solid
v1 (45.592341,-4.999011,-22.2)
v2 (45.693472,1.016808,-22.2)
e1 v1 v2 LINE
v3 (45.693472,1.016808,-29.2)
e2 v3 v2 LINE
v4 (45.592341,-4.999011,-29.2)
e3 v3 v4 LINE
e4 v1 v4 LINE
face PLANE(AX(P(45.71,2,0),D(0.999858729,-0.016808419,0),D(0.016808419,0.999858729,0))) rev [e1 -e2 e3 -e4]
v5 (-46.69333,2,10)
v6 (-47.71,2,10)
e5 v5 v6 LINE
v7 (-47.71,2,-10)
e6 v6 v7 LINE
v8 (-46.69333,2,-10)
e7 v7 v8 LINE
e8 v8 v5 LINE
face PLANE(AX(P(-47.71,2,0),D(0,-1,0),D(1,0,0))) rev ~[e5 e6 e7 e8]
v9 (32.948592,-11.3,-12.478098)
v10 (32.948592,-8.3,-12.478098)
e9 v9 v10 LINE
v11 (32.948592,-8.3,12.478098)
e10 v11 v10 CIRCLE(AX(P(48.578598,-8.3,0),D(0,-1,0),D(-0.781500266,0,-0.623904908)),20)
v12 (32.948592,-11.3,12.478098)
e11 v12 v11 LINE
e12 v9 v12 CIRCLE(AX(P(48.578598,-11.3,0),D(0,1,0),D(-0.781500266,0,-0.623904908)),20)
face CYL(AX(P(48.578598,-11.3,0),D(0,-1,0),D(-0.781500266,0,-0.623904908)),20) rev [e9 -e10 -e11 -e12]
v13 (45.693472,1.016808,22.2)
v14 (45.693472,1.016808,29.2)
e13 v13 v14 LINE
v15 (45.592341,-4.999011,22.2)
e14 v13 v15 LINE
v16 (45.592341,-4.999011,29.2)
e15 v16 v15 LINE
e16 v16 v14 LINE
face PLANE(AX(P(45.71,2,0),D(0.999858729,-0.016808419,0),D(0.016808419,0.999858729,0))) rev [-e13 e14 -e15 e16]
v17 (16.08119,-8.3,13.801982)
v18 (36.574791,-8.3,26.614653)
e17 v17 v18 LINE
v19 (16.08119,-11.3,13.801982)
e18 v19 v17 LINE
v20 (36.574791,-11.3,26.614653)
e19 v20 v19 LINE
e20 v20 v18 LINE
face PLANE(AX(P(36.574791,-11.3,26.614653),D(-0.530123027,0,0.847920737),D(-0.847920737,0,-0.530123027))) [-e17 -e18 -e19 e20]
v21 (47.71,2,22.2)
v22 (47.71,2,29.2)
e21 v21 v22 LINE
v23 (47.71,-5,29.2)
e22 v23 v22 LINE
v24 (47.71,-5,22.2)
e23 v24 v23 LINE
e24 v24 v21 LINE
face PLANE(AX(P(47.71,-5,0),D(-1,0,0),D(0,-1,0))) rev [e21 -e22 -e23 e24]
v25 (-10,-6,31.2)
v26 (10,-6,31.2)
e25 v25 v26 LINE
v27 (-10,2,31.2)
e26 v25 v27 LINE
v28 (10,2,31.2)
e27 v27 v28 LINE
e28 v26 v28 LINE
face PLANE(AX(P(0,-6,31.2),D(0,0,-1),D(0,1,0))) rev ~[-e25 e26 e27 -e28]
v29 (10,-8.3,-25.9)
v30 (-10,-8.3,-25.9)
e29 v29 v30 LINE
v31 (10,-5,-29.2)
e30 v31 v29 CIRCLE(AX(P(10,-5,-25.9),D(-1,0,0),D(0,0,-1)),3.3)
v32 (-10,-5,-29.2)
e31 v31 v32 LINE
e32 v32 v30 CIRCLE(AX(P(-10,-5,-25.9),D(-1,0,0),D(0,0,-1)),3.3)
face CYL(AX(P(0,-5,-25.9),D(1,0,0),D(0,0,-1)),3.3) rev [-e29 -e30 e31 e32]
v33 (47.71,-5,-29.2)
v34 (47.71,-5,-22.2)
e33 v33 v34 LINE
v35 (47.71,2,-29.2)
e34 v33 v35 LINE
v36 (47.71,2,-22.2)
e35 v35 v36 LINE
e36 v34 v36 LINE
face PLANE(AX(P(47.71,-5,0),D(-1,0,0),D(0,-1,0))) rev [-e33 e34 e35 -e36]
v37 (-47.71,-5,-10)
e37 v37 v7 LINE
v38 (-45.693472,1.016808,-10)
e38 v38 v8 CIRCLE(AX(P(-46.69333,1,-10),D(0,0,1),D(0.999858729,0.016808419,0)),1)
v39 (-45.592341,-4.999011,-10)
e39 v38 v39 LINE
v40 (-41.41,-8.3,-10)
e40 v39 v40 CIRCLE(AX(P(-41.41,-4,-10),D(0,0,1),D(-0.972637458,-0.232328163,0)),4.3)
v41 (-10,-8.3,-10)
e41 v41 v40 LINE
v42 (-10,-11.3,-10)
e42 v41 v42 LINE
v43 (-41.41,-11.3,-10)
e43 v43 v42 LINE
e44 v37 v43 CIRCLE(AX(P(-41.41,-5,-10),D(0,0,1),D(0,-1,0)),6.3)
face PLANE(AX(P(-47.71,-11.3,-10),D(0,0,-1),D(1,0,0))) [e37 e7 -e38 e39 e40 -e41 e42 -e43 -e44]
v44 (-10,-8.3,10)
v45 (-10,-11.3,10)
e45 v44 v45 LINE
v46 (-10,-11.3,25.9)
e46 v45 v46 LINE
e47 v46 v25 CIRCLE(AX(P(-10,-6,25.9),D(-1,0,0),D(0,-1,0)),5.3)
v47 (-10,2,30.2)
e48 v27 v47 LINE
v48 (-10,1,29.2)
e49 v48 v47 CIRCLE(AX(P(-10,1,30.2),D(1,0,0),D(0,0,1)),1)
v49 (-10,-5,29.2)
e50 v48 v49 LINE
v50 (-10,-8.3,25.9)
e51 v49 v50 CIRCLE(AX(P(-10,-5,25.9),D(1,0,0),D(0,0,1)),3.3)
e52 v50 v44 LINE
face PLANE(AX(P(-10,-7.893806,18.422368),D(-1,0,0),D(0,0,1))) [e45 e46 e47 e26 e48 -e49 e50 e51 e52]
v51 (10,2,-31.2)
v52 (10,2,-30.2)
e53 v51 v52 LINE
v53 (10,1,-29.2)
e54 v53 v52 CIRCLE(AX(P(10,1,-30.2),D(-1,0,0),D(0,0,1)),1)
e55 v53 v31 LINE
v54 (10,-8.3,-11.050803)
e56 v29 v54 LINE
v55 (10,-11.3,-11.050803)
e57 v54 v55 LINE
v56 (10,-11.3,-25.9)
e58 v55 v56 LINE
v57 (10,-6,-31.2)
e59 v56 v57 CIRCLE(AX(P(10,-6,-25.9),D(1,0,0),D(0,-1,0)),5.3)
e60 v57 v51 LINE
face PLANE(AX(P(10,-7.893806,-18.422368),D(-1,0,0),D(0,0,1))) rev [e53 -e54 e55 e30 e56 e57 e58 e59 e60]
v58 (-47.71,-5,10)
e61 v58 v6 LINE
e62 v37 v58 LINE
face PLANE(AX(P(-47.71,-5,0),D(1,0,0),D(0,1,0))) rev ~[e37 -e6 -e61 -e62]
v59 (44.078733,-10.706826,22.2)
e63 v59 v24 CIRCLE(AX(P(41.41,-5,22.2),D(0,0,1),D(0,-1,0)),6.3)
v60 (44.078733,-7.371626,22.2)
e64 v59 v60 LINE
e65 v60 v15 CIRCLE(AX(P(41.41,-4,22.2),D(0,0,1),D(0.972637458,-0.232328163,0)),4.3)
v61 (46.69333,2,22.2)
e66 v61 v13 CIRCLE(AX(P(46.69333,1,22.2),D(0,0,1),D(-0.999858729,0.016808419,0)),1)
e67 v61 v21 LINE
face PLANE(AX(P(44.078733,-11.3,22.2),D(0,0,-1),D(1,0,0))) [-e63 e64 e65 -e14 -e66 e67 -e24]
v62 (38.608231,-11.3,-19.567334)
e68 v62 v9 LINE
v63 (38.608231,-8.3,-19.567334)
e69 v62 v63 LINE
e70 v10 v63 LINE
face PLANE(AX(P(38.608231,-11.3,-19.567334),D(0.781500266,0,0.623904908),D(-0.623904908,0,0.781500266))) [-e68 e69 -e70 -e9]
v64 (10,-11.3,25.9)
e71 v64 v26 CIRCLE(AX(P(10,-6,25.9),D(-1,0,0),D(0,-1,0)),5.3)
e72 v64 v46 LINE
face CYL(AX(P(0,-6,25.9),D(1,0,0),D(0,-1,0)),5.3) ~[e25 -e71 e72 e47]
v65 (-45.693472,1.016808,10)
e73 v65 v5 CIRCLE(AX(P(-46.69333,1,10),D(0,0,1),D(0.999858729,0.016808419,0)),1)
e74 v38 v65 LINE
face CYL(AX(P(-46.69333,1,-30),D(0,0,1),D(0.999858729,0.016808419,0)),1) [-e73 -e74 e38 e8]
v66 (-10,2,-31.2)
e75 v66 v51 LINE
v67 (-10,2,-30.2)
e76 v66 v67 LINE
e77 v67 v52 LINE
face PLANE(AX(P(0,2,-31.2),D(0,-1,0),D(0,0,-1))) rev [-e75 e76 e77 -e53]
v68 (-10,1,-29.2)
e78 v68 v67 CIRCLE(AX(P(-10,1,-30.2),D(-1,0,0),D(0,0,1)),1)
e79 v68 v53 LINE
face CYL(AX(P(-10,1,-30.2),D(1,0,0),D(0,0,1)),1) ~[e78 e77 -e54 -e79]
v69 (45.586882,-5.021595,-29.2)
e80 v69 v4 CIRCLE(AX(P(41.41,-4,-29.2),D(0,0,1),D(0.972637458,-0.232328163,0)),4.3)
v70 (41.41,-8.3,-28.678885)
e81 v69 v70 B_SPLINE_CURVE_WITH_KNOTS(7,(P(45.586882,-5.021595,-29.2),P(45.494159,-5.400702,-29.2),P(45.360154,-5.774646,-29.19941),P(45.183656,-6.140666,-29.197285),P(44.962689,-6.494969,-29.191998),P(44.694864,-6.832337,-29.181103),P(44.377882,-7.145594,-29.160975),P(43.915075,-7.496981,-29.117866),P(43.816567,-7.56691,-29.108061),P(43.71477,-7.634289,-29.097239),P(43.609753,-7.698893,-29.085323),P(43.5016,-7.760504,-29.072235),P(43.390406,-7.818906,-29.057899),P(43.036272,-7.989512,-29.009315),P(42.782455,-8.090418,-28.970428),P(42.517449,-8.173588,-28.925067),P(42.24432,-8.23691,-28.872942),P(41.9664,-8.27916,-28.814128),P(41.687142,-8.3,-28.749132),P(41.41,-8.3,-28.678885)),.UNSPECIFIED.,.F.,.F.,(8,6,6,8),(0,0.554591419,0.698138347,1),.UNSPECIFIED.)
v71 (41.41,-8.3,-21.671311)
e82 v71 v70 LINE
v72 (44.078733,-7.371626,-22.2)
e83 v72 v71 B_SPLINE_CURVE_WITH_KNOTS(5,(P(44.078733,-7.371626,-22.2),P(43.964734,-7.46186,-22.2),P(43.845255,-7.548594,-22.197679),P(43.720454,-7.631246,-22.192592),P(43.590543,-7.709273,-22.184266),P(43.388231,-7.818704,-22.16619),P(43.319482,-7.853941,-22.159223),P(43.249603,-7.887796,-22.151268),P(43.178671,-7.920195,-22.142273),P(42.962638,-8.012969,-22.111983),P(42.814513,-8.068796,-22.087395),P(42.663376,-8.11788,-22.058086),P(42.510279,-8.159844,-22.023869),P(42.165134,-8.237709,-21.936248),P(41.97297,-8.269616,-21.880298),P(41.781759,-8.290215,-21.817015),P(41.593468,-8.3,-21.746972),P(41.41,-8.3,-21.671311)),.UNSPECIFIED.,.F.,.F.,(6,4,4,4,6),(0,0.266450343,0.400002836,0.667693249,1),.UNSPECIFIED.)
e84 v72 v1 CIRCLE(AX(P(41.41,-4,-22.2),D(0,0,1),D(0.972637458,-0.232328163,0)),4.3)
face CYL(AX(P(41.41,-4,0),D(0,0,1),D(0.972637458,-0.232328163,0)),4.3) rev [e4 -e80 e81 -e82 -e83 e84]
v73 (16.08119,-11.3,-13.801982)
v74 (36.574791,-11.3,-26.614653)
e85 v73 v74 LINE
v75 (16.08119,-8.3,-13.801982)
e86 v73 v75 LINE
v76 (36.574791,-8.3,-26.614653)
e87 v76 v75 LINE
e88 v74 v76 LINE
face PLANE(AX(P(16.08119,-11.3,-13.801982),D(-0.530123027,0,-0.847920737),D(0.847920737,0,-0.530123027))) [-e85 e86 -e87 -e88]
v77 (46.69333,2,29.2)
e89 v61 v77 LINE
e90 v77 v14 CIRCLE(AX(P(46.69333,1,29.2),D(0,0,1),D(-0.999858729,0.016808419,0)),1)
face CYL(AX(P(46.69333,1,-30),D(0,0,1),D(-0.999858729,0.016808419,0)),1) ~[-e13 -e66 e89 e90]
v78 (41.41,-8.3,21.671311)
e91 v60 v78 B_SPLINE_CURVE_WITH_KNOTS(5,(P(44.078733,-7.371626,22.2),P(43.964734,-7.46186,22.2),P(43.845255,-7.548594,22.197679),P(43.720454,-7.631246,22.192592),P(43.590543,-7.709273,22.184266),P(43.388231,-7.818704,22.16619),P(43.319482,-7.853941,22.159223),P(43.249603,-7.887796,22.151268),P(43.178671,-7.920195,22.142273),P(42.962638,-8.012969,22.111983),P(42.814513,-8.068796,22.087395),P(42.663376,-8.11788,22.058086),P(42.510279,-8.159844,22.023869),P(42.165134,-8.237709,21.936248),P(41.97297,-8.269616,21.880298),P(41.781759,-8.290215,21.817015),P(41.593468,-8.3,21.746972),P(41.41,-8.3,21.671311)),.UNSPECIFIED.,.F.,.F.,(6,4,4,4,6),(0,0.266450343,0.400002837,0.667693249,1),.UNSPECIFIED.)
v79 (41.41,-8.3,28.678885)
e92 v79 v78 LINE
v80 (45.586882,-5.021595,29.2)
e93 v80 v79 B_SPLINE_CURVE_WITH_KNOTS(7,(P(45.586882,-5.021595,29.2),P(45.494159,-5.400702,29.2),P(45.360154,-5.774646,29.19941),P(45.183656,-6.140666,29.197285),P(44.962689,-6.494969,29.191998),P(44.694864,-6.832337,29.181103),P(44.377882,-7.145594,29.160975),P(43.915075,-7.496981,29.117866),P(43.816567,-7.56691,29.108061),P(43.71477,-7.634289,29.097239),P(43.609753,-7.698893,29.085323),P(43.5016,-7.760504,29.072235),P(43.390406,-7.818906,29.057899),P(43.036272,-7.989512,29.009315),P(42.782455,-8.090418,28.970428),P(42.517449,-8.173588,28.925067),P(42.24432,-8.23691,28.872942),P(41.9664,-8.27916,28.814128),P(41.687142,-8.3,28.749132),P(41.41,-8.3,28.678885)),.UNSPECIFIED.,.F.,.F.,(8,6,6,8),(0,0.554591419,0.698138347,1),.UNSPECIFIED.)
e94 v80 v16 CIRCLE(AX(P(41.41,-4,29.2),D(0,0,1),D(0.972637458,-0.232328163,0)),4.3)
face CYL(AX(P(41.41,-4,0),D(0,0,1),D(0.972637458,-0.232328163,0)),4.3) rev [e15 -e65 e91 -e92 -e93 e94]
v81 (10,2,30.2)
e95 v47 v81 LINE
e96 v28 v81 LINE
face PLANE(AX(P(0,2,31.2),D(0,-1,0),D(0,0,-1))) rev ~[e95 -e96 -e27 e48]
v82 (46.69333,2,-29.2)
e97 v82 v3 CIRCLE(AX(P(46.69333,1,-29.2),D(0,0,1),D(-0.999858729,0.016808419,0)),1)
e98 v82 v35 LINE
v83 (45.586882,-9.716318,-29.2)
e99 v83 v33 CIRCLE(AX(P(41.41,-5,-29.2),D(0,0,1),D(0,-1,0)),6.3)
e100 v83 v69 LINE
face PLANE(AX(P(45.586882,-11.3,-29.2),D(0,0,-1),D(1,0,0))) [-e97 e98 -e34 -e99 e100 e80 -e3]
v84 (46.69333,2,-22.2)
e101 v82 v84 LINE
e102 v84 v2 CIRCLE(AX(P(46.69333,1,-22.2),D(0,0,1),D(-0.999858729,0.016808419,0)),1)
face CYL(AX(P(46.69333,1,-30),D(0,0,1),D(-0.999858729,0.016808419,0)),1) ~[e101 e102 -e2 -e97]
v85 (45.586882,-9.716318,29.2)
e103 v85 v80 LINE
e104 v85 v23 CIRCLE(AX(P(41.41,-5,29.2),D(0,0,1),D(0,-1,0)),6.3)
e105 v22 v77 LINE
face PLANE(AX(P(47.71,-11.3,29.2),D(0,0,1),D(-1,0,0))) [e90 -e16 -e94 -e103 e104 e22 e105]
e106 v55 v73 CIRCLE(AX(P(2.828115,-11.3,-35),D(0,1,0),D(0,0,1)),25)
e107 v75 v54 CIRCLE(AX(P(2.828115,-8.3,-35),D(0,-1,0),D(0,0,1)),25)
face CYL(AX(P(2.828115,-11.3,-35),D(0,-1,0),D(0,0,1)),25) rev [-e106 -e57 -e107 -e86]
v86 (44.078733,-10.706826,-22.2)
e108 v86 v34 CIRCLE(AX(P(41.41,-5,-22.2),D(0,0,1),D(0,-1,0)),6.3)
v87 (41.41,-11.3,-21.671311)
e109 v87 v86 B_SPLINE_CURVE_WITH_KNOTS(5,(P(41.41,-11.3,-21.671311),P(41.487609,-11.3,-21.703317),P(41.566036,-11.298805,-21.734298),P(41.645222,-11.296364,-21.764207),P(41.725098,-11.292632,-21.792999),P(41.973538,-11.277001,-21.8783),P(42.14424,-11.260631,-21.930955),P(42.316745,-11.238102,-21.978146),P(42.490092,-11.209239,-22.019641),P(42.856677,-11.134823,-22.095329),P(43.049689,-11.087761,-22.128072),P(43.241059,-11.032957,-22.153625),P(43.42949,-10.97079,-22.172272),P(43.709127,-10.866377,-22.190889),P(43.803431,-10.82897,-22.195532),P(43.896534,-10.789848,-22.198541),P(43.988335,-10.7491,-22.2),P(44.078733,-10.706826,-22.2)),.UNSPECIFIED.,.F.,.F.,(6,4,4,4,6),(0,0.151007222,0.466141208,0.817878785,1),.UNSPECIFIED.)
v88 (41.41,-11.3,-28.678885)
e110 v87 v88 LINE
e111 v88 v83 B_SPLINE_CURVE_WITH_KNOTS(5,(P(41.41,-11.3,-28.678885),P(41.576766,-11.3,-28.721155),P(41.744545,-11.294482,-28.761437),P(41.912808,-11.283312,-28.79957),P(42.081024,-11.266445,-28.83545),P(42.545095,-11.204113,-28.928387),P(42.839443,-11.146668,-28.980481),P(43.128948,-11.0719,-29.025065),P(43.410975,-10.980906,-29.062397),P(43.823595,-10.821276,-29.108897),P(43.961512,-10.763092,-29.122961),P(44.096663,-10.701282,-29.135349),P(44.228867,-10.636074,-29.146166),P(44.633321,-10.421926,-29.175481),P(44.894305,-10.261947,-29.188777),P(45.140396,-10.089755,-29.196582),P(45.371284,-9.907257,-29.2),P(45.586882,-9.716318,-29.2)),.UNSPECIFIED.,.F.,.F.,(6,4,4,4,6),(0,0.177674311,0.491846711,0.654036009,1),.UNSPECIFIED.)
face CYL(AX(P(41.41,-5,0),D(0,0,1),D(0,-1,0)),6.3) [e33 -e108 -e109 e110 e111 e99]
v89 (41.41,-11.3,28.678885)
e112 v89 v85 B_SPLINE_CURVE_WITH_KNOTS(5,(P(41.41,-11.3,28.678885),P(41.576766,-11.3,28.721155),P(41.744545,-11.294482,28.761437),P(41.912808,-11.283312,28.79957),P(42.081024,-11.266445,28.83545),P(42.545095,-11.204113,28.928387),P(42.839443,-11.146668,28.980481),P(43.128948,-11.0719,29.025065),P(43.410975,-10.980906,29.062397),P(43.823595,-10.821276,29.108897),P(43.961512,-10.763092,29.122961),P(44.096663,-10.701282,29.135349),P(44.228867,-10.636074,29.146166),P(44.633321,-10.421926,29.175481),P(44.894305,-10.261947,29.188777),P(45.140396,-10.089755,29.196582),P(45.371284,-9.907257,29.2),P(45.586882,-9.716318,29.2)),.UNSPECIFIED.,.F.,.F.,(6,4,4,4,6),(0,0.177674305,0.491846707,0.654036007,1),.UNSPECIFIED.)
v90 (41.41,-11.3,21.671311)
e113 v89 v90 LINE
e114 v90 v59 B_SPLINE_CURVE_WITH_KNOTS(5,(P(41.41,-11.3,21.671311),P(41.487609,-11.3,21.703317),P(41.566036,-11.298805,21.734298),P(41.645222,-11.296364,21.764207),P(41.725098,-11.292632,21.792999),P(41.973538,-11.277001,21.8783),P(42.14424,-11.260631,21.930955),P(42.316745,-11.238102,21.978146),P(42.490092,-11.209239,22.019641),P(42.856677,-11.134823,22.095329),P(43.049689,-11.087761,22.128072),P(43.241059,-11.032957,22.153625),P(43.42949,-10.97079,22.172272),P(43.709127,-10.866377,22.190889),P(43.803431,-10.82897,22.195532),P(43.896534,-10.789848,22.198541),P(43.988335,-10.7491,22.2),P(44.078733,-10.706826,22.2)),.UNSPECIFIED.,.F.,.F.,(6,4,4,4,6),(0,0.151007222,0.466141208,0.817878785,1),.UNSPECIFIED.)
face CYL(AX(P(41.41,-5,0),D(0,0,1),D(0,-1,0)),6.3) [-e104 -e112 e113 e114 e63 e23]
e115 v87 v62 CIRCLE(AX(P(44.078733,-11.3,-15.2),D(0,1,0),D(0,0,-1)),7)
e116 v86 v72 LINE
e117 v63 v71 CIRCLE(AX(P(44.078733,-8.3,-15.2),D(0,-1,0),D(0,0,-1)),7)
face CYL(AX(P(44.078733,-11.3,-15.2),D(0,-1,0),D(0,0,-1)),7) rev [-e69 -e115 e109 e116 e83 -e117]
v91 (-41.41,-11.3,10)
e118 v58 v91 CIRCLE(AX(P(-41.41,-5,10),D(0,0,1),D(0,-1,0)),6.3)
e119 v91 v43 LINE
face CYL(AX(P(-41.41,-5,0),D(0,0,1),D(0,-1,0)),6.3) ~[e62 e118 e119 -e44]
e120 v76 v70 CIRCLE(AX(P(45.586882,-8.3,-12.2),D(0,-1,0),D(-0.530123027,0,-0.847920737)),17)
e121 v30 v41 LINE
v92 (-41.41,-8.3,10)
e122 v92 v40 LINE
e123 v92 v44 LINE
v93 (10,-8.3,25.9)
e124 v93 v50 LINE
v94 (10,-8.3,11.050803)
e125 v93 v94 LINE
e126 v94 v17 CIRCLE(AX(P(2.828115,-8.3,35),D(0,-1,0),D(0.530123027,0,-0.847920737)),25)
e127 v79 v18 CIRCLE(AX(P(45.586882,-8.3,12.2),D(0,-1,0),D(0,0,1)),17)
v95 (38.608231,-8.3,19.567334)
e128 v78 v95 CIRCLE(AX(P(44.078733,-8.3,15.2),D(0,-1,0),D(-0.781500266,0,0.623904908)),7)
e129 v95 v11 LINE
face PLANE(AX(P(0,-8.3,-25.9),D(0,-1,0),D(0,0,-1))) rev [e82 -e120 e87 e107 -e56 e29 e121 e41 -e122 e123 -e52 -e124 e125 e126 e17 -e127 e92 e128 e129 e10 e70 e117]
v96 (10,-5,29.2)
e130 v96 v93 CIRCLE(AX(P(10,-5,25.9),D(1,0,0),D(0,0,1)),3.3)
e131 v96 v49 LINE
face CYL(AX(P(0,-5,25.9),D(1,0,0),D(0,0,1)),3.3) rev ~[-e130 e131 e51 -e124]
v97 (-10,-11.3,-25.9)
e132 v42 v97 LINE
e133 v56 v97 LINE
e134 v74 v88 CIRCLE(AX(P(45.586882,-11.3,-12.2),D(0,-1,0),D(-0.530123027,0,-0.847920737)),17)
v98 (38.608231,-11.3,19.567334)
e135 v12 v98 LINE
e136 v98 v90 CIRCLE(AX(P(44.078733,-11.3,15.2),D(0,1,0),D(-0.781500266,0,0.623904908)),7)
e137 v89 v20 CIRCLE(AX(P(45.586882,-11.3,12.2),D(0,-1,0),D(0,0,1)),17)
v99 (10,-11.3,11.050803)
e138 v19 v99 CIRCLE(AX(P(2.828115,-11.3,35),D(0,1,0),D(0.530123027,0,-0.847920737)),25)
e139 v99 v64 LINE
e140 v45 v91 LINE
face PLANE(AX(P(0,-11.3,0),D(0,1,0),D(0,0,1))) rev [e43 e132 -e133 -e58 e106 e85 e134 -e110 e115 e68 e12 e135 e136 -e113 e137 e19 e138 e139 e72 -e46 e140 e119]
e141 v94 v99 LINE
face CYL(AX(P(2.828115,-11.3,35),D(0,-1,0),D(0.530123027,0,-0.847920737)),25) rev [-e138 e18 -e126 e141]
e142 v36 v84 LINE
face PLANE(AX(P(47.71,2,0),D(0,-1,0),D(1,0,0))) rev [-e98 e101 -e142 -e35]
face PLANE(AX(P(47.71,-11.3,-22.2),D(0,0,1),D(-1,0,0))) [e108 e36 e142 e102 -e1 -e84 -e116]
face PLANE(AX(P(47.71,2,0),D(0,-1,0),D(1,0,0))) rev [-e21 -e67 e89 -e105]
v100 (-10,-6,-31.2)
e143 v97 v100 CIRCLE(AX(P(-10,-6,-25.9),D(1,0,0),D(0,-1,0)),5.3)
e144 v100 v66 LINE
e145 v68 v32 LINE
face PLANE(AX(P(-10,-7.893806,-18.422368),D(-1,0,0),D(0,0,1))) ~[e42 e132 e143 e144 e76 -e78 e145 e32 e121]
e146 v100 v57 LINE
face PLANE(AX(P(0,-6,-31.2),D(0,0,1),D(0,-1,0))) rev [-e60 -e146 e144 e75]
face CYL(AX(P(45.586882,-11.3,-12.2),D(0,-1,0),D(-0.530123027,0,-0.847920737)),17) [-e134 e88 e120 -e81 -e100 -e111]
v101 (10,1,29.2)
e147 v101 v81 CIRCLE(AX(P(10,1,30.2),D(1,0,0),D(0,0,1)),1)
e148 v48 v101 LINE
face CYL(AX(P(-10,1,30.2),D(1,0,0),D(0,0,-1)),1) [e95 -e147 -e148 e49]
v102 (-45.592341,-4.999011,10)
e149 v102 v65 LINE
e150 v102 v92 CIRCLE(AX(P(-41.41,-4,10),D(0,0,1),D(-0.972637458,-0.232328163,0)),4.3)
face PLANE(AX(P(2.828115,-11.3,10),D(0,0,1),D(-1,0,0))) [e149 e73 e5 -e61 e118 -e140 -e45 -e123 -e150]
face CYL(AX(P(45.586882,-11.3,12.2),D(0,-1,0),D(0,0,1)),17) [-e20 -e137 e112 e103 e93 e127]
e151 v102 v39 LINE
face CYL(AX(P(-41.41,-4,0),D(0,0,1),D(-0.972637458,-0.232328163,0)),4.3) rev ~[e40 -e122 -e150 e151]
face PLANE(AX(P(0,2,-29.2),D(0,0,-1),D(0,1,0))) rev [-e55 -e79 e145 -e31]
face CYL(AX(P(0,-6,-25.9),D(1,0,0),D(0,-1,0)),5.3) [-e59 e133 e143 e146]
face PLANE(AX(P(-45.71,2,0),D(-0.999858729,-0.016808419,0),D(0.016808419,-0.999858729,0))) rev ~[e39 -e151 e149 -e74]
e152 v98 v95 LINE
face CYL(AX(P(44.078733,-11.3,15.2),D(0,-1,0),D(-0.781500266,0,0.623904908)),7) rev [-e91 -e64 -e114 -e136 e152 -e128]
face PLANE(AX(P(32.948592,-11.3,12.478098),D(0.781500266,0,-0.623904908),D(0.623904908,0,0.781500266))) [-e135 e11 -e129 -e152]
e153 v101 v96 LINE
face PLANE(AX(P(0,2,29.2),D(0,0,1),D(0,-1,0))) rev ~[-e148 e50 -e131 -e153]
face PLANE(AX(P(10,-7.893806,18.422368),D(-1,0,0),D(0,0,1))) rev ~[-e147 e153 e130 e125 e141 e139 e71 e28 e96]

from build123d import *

# Parameters (mm, degrees)
BOSS_EXTRUDE1_DEPTH     = 30
FILLET2_R               = 1
FILLET2_OF_MIRROR4_R    = 1
CUT_EXTRUDE2_DEPTH      = 10.3
CUT_EXTRUDE2_DEPTH_BACK = 3
SKETCH4_OUTSIDE_W       = 120.12
SKETCH4_OUTSIDE_H       = 84.7
BOSS_EXTRUDE2_DEPTH     = 10
FILLET1_R               = 1
FILLET1_OF_MIRROR3_R    = 1


with BuildPart() as part:
    # Sketch3 → Boss-Extrude1 (new, symmetric)
    with BuildSketch(Plane.XY):
        with BuildLine():
            Line((-45.71, 2), (-45.59234107, -4.9990111))
            ThreePointArc((-45.59234107, -4.9990111), (-44.074043193, -7.375333149), (-41.41, -8.3))
            Line((-41.41, -8.3), (0, -8.3))
            Line((0, -8.3), (0, -11.3))
            Line((0, -11.3), (-41.41, -11.3))
            ThreePointArc((-41.41, -11.3), (-45.864772721, -9.454772721), (-47.71, -5))
            Line((-47.71, -5), (-47.71, 2))
            Line((-47.71, 2), (-45.71, 2))
        make_face()
    boss_extrude1 = extrude(amount=BOSS_EXTRUDE1_DEPTH, both=True)

    # Fillet2
    fillet2_edges = [part.edges().sort_by_distance(p)[0] for p in [
        (-45.71, 2, 0),
    ]]
    fillet(fillet2_edges, radius=FILLET2_R)

    # Mirror4: Boss-Extrude1 across plane
    add(boss_extrude1.mirror(Plane(origin=(0, 0, 0), x_dir=(0, 0, 1), z_dir=(1, 0, 0))))

    # Fillet2 of Mirror4
    fillet2_of_mirror4_edges = [part.edges().sort_by_distance(p)[0] for p in [
        (45.71, 2, 0),
    ]]
    fillet(fillet2_of_mirror4_edges, radius=FILLET2_OF_MIRROR4_R)

    # Sketch4 outside → Cut-Extrude2 (cut, two sides: drawn at the far end of the back side and taken through both)
    with BuildSketch(Plane(origin=(0, -8.3, 0), x_dir=(1, 0, 0), z_dir=(0, 1, 0)).offset(-CUT_EXTRUDE2_DEPTH_BACK)):
        Rectangle(SKETCH4_OUTSIDE_W, SKETCH4_OUTSIDE_H)
        with BuildLine():
            Line((-47.71, 10), (2.828114646, 10))
            ThreePointArc((2.828114646, 10), (9.721935767, 10.969285688), (16.081190316, 13.801981572))
            Line((16.081190316, 13.801981572), (36.574790585, 26.614652531))
            ThreePointArc((36.574790585, 26.614652531), (40.899083679, 28.540885732), (45.586882041, 29.2))
            Line((45.586882041, 29.2), (47.71, 29.2))
            Line((47.71, 29.2), (47.71, 22.2))
            Line((47.71, 22.2), (44.078732881, 22.2))
            ThreePointArc((44.078732881, 22.2), (41.043221434, 21.507588307), (38.608231021, 19.567334358))
            Line((38.608231021, 19.567334358), (32.948592182, 12.478098166))
            ThreePointArc((32.948592182, 12.478098166), (28.578597498, 0), (32.948592182, -12.478098166))
            Line((32.948592182, -12.478098166), (38.608231021, -19.567334358))
            ThreePointArc((38.608231021, -19.567334358), (41.043221434, -21.507588307), (44.078732881, -22.2))
            Line((44.078732881, -22.2), (47.71, -22.2))
            Line((47.71, -22.2), (47.71, -29.2))
            Line((47.71, -29.2), (45.586882041, -29.2))
            ThreePointArc((45.586882041, -29.2), (40.899083679, -28.540885732), (36.574790585, -26.614652531))
            Line((36.574790585, -26.614652531), (16.081190316, -13.801981572))
            ThreePointArc((16.081190316, -13.801981572), (9.721935767, -10.969285688), (2.828114646, -10))
            Line((2.828114646, -10), (-47.71, -10))
            Line((-47.71, -10), (-47.71, 10))
        make_face(mode=Mode.SUBTRACT)
    extrude(amount=CUT_EXTRUDE2_DEPTH + CUT_EXTRUDE2_DEPTH_BACK, mode=Mode.SUBTRACT)

    # Sketch2 → Boss-Extrude2 (add, symmetric)
    with BuildSketch(Plane(origin=(0, 0, 0), x_dir=(0, 0, -1), z_dir=(1, 0, 0))):
        with BuildLine():
            Line((-29.2, 2), (-29.2, -5))
            ThreePointArc((-29.2, -5), (-28.233452378, -7.333452378), (-25.9, -8.3))
            Line((-25.9, -8.3), (0, -8.3))
            Line((0, -8.3), (0, -11.3))
            Line((0, -11.3), (-25.9, -11.3))
            ThreePointArc((-25.9, -11.3), (-29.64766594, -9.74766594), (-31.2, -6))
            Line((-31.2, -6), (-31.2, 2))
            Line((-31.2, 2), (-29.2, 2))
        make_face()
    boss_extrude2 = extrude(amount=BOSS_EXTRUDE2_DEPTH, both=True)

    # Fillet1
    fillet1_edges = [part.edges().sort_by_distance(p)[0] for p in [
        (0, 2, 29.2),
    ]]
    fillet(fillet1_edges, radius=FILLET1_R)

    # Mirror3: Boss-Extrude2 across plane
    add(boss_extrude2.mirror(Plane.XY))

    # Fillet1 of Mirror3
    fillet1_of_mirror3_edges = [part.edges().sort_by_distance(p)[0] for p in [
        (0, 2, -29.2),
    ]]
    fillet(fillet1_of_mirror3_edges, radius=FILLET1_OF_MIRROR3_R)


solid = part.part
